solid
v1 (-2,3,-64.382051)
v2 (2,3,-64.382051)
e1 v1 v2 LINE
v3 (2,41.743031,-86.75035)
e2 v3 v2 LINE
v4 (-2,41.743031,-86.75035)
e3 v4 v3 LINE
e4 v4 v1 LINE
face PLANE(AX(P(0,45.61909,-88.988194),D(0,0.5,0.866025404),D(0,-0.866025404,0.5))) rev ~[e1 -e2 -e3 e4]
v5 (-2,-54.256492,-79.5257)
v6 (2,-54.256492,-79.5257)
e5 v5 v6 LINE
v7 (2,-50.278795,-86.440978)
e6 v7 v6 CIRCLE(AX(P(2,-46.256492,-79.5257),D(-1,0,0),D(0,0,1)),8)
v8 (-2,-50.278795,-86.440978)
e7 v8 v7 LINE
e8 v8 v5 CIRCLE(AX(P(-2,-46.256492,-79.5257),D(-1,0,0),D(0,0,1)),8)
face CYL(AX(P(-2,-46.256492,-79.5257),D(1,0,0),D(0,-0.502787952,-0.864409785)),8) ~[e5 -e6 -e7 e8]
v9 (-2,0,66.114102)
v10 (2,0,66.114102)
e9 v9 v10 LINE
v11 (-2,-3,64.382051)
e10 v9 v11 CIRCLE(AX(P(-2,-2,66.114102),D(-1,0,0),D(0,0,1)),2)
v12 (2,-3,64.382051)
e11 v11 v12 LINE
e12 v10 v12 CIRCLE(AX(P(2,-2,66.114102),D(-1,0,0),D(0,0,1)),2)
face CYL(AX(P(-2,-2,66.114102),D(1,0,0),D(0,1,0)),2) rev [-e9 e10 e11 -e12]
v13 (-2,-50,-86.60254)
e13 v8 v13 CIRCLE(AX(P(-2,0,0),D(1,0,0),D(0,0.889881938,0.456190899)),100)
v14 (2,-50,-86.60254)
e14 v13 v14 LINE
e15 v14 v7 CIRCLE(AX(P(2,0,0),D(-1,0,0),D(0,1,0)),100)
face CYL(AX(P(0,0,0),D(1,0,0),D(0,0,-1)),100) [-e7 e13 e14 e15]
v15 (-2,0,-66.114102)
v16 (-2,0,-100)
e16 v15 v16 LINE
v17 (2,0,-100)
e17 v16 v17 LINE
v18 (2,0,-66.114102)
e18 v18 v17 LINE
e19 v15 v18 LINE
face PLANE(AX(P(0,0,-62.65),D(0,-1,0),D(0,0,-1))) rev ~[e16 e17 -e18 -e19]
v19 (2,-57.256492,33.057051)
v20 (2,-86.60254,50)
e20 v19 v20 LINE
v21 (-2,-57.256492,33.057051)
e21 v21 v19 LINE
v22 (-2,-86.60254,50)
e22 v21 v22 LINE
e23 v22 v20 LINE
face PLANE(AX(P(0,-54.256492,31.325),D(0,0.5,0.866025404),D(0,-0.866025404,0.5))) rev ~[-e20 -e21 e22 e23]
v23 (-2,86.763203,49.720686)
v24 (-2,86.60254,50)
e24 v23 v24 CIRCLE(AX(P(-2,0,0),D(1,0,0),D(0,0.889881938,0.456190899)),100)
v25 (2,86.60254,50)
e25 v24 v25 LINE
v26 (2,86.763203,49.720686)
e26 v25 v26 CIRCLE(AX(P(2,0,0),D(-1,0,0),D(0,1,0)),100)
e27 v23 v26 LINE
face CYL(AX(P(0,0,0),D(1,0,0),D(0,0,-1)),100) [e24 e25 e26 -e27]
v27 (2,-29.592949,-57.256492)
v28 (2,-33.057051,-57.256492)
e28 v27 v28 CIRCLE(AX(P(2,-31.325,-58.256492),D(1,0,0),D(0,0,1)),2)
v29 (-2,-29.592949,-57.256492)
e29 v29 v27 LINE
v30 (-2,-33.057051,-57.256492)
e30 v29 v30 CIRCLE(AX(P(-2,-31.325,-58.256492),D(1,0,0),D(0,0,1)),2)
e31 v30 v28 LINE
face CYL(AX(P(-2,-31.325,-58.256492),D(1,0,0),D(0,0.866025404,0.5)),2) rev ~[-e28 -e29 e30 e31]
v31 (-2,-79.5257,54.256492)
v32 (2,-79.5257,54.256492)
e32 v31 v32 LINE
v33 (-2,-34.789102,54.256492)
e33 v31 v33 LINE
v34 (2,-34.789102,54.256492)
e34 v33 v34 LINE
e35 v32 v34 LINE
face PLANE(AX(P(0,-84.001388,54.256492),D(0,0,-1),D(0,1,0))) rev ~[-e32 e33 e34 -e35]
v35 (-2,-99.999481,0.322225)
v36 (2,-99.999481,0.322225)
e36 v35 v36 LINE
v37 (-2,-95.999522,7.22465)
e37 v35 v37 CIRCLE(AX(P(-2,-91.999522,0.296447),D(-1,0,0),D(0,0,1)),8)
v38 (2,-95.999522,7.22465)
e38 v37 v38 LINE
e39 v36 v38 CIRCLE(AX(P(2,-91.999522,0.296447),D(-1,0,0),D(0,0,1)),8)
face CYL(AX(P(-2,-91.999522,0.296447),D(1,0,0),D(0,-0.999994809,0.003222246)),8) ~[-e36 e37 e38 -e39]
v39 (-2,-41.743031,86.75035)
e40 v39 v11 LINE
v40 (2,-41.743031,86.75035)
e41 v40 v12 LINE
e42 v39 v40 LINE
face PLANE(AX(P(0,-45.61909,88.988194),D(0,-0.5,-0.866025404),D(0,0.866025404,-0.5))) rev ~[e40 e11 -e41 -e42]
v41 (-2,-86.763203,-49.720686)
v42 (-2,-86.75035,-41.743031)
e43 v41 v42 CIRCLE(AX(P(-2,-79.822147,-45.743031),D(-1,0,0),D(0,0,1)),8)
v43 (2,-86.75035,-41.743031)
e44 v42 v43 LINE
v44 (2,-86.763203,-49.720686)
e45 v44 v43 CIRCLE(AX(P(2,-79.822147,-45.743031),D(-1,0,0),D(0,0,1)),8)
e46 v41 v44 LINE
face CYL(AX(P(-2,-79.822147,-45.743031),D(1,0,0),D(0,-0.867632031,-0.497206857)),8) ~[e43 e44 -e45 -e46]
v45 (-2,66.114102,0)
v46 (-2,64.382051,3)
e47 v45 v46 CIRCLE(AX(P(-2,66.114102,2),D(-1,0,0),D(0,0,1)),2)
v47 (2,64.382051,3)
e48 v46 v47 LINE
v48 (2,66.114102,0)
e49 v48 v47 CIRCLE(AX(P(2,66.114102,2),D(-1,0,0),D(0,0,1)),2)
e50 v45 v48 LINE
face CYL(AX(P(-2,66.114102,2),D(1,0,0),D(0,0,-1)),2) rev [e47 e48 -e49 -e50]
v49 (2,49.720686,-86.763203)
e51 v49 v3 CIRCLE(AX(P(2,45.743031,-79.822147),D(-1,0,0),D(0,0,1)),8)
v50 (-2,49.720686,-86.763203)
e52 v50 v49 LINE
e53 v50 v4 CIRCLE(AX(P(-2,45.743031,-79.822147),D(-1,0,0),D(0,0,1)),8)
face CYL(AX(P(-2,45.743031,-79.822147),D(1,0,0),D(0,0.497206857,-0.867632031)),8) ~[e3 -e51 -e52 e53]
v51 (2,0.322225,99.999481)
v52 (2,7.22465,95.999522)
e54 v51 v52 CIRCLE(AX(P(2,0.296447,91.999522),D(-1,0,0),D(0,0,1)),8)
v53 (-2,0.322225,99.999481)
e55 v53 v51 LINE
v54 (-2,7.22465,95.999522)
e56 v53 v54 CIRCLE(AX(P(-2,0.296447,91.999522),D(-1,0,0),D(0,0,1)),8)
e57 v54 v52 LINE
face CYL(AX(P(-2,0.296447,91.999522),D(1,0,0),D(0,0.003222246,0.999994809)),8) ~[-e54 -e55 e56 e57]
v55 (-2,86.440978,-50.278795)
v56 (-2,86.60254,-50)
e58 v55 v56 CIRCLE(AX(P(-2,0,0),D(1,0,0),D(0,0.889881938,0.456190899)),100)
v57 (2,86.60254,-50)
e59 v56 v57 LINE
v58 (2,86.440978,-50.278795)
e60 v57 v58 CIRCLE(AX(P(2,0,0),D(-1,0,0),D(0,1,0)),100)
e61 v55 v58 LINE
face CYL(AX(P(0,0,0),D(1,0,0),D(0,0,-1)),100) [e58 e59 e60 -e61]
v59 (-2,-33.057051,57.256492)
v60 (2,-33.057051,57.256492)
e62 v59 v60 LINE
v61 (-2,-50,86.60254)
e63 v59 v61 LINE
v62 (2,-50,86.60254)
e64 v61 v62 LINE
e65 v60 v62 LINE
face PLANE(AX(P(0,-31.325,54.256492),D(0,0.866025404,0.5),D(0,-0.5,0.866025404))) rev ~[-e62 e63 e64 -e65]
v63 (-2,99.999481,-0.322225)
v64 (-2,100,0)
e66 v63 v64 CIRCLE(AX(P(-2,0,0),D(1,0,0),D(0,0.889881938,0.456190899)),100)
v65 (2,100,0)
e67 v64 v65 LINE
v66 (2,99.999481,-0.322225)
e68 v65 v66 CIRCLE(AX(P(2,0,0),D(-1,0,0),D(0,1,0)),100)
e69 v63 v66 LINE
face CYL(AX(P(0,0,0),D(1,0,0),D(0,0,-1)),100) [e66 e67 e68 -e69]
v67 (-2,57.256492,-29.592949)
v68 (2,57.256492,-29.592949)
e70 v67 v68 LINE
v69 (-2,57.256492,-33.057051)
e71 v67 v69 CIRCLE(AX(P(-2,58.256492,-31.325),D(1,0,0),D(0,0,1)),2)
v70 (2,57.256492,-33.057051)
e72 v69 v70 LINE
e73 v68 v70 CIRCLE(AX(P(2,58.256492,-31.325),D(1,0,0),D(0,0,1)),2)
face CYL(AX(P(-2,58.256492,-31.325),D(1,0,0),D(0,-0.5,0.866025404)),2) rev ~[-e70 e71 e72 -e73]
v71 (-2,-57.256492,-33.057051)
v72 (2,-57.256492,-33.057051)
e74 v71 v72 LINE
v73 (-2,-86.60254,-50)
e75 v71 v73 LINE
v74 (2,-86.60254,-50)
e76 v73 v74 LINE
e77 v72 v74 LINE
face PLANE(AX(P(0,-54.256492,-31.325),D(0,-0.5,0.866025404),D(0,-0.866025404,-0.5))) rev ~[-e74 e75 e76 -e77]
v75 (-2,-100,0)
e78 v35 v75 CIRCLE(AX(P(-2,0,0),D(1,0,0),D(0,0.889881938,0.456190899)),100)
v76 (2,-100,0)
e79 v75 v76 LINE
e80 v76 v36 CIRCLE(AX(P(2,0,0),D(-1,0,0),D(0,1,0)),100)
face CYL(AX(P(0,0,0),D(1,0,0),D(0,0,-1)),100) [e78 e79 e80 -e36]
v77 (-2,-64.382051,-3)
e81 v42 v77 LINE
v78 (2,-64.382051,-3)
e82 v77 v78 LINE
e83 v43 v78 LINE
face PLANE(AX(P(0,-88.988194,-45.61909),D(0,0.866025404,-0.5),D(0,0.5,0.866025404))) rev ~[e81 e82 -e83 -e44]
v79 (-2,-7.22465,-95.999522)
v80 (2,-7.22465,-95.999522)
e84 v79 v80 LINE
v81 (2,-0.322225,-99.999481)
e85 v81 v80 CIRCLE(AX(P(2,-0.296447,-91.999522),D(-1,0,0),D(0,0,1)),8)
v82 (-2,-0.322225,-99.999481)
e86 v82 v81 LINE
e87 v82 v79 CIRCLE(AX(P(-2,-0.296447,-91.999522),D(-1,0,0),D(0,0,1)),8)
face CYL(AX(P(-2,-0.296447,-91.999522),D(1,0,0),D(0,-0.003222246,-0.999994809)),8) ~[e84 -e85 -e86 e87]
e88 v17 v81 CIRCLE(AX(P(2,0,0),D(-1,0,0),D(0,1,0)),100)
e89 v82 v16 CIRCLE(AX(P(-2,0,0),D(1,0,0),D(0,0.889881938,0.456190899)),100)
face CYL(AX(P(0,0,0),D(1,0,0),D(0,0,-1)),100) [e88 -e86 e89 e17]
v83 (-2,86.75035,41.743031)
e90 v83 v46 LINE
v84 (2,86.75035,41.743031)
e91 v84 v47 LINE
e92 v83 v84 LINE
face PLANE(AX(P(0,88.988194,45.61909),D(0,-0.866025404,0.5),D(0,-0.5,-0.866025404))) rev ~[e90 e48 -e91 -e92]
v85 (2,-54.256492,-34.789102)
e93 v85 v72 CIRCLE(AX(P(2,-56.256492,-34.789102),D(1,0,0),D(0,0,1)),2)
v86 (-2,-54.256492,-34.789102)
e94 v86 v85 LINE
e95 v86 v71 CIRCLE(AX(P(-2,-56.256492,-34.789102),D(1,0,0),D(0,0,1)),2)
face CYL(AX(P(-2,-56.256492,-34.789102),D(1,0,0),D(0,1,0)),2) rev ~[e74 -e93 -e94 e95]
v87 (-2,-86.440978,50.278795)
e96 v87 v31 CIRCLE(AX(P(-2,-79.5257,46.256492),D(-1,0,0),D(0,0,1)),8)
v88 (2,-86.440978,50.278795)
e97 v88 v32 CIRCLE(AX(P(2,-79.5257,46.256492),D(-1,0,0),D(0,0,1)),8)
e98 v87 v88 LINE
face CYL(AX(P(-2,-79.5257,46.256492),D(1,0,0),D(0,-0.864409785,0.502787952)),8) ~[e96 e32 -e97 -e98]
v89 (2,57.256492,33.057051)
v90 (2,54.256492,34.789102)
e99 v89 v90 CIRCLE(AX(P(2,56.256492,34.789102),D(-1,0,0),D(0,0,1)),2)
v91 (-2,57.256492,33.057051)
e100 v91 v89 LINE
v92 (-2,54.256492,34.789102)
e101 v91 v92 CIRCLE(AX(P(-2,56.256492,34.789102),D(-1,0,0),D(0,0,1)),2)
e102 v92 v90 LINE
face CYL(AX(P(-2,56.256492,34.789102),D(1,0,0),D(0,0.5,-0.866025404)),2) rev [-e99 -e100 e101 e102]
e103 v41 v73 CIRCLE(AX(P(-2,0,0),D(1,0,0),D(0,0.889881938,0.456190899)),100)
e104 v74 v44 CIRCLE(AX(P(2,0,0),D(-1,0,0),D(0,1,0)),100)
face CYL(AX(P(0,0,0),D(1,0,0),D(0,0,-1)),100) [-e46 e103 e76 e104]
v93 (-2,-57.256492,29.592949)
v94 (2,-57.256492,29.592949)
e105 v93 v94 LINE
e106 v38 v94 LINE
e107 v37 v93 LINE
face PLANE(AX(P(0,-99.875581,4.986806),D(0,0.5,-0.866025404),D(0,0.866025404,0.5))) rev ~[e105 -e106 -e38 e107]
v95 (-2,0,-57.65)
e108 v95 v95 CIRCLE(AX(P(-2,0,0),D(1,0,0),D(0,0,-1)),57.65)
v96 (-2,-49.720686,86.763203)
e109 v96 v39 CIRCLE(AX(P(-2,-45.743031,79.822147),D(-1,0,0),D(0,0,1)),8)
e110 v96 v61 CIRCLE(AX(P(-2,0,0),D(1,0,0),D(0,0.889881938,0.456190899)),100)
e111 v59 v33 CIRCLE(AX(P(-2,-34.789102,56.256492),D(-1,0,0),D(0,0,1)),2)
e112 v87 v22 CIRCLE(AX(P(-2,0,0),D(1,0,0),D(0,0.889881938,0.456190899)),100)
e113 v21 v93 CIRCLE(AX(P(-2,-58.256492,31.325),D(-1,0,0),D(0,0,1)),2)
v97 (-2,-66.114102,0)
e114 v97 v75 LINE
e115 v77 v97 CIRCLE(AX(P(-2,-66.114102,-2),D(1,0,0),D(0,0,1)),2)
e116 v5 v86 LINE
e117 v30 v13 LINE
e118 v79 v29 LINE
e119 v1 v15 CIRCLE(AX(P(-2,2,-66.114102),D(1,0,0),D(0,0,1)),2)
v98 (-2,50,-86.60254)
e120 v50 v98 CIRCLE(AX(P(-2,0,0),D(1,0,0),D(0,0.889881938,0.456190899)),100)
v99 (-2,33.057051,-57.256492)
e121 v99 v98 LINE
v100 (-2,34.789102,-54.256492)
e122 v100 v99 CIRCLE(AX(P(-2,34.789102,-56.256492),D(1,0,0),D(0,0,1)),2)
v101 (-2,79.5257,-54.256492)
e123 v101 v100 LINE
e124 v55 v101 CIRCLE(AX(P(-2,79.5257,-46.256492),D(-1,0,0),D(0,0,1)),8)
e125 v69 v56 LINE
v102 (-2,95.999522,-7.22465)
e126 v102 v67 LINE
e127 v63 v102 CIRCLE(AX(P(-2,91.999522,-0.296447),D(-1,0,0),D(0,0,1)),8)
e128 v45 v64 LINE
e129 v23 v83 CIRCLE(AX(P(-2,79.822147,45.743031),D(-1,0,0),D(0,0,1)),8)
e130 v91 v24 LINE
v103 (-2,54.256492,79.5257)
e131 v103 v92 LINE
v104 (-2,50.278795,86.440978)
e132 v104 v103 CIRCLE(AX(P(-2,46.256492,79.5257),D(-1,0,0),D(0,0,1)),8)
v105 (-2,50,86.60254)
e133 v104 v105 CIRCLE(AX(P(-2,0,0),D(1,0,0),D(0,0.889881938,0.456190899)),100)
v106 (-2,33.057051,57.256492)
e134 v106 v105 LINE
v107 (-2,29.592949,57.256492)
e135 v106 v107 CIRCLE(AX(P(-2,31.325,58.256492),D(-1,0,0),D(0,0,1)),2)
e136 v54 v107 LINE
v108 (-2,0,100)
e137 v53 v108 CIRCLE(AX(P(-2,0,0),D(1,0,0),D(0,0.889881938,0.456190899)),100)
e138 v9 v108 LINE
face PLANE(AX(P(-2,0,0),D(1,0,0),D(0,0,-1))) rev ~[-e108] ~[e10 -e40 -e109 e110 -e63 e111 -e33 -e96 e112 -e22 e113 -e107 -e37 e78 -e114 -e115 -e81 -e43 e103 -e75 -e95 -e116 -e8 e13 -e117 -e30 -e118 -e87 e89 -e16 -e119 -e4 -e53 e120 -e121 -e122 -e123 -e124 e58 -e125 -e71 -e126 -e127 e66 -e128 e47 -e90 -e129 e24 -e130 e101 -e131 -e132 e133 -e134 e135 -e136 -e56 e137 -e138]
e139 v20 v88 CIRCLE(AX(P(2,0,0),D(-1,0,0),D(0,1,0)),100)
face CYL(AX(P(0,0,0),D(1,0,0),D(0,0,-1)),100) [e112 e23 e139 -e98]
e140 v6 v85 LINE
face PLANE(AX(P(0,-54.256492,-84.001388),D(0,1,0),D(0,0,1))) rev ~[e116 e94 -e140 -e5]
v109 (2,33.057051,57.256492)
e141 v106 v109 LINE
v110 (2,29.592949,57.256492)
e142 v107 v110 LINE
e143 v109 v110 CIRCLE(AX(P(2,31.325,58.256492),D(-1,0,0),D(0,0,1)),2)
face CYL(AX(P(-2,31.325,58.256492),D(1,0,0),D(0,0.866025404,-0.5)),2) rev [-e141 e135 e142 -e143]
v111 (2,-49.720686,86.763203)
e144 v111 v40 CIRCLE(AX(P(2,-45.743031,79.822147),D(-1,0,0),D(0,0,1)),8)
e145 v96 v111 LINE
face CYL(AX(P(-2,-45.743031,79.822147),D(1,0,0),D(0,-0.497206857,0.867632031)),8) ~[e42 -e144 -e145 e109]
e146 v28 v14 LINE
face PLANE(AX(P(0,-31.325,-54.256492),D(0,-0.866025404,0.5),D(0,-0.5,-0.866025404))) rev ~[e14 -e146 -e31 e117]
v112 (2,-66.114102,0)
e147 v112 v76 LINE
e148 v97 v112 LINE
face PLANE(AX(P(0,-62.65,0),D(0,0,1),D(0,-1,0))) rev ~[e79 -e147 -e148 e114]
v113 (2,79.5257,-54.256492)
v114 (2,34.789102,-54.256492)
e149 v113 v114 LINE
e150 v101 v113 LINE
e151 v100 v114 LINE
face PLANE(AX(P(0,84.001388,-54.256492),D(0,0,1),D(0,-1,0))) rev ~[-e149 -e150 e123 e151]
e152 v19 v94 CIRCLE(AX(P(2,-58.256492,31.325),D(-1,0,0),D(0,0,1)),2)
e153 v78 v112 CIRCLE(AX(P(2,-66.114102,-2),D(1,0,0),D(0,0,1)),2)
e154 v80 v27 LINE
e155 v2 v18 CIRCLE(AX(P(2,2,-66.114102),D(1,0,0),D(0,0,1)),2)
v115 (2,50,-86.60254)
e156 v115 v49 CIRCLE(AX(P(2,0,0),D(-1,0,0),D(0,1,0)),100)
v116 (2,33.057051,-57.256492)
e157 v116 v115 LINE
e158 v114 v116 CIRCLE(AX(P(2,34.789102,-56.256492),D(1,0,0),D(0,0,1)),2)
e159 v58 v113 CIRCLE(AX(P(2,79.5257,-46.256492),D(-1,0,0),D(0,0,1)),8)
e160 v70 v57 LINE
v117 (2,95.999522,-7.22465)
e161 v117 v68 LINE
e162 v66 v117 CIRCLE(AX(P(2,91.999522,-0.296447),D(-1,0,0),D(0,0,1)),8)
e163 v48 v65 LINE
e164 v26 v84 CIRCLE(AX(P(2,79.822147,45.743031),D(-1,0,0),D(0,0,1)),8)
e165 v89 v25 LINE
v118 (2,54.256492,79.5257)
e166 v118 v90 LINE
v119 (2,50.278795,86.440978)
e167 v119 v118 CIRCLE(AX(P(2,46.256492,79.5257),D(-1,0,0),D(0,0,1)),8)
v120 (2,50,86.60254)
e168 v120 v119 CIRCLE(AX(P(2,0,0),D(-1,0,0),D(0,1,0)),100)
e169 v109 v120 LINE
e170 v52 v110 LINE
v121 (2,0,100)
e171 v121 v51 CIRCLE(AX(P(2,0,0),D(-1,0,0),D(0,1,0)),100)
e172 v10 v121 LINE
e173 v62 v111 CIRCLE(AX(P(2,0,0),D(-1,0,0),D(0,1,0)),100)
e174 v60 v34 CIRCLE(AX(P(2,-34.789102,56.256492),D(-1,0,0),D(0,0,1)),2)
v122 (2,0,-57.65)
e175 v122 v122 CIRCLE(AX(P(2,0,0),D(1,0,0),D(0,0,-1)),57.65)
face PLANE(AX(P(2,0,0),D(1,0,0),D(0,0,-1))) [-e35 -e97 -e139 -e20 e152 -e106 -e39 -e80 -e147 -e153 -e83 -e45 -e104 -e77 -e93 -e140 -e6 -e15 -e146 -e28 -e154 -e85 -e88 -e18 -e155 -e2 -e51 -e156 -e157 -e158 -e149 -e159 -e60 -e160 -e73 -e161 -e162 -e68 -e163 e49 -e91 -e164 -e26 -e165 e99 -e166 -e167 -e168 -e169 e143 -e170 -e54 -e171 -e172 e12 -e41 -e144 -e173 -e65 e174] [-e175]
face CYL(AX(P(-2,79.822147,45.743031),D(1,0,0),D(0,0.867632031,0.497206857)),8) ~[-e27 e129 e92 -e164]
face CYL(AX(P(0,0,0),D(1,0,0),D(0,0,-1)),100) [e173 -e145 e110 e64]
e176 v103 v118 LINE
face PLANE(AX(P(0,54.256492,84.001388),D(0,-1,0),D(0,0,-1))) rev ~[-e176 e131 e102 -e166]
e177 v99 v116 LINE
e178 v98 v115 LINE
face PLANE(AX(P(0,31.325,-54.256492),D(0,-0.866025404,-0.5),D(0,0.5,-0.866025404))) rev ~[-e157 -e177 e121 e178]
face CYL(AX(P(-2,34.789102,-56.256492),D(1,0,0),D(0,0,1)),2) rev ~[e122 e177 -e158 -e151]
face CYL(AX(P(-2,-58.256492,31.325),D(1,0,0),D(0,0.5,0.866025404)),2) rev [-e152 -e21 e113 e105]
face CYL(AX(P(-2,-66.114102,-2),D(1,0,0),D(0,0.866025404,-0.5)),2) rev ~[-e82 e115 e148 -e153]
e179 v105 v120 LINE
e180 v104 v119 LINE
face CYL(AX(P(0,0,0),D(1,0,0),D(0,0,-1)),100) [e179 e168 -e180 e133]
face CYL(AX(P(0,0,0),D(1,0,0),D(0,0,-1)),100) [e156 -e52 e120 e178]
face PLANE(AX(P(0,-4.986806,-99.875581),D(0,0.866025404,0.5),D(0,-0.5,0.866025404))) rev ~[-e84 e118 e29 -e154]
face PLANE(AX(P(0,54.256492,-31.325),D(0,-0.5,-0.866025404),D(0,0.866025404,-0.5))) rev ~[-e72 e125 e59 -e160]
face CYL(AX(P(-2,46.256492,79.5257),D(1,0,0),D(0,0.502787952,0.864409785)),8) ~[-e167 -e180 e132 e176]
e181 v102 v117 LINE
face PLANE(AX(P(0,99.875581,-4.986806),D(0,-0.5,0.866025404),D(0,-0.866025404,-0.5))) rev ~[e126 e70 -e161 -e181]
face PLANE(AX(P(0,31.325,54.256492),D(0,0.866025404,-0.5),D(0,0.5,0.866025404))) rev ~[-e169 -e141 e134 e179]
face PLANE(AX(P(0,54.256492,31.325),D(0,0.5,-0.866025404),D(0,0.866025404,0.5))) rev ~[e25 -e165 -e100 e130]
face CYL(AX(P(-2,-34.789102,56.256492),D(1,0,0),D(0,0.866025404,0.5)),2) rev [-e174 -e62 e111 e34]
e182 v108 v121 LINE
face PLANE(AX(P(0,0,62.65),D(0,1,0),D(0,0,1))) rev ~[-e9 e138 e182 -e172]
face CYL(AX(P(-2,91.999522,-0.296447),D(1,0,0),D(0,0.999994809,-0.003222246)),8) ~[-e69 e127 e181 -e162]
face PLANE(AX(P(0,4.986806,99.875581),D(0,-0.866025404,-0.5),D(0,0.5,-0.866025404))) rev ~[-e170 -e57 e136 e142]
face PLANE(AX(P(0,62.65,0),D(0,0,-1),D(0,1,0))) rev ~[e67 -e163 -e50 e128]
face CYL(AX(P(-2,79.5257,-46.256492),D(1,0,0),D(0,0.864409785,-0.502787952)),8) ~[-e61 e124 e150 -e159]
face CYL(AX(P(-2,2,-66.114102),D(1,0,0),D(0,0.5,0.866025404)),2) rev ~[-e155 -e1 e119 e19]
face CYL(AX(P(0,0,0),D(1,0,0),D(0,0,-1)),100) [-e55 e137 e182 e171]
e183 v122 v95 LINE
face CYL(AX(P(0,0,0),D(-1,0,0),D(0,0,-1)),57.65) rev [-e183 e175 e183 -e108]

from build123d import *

# Parameters (mm, degrees)
ESQUISSE10_R                       = 100
ESQUISSE10_R_2                     = 57.65
BOSS_EXTRU_1_DEPTH                 = 2
ENL_V_MAT_EXTRU_3_DEPTH            = 3
CONG_3_R                           = 8
CONG_4_R                           = 2
R_P_TITION_CIRCULAIRE4_COUNT       = 12
CONG_3_OF_R_P_TITION_CIRCULAIRE4_R = 8
CONG_4_OF_R_P_TITION_CIRCULAIRE4_R = 2


with BuildPart() as part:
    # Esquisse10 → Boss.-Extru.1 (new body, symmetric)
    with BuildSketch(Plane(origin=(0, 0, 0), x_dir=(0, 0, -1), z_dir=(1, 0, 0))):
        Circle(ESQUISSE10_R)
        Circle(ESQUISSE10_R_2, mode=Mode.SUBTRACT)
    extrude(amount=BOSS_EXTRU_1_DEPTH, both=True)

    # Esquisse11 → Enlèv. mat.-Extru.3 (cut, symmetric)
    with BuildSketch(Plane(origin=(0, 0, 0), x_dir=(0, 0, -1), z_dir=(1, 0, 0))):
        Polygon((-467.515801905, 332.57037408), (-45.619089874, 88.988193819), (0, 62.65), (0, 100), (0, 587.164360523), (-465.974399707, 1442.842054211), (-933.490201612, 1188.248067768), align=None)
    enl_v_mat_extru_3 = extrude(amount=ENL_V_MAT_EXTRU_3_DEPTH, both=True, mode=Mode.SUBTRACT)

    # Congé3
    cong_3_edges = [part.edges().sort_by_distance(p)[0] for p in [
        (0, 88.988193819, 45.619089874),
    ]]
    fillet(cong_3_edges, radius=CONG_3_R)

    # Congé4
    cong_4_edges = [part.edges().sort_by_distance(p)[0] for p in [
        (0, 62.65, 0),
    ]]
    fillet(cong_4_edges, radius=CONG_4_R)

    # Répétition circulaire4: Enlèv. mat.-Extru.3 ×12 about axis
    r_p_tition_circulaire4_axis = Axis((0, 0, 0), (1, 0, 0))
    for i in range(1, R_P_TITION_CIRCULAIRE4_COUNT):
        add(enl_v_mat_extru_3.rotate(r_p_tition_circulaire4_axis, i * 360 / R_P_TITION_CIRCULAIRE4_COUNT), mode=Mode.SUBTRACT)

    # Congé3 of Répétition circulaire4
    cong_3_of_r_p_tition_circulaire4_edges = [part.edges().sort_by_distance(p)[0] for p in [
        (0, 54.256491547, 84.001387637),
        (0, 4.986806181, 99.875581421),
        (0, -45.619089874, 88.988193819),
        (0, -84.001387637, 54.256491547),
        (0, -99.875581421, 4.986806181),
        (0, -88.988193819, -45.619089874),
        (0, -54.256491547, -84.001387637),
        (0, -4.986806181, -99.875581421),
        (0, 45.619089874, -88.988193819),
        (0, 84.001387637, -54.256491547),
        (0, 99.875581421, -4.986806181),
    ]]
    fillet(cong_3_of_r_p_tition_circulaire4_edges, radius=CONG_3_OF_R_P_TITION_CIRCULAIRE4_R)

    # Congé4 of Répétition circulaire4
    cong_4_of_r_p_tition_circulaire4_edges = [part.edges().sort_by_distance(p)[0] for p in [
        (0, 54.256491547, 31.325),
        (0, 31.325, 54.256491547),
        (0, 0, 62.65),
        (0, -31.325, 54.256491547),
        (0, -54.256491547, 31.325),
        (0, -62.65, 0),
        (0, -54.256491547, -31.325),
        (0, -31.325, -54.256491547),
        (0, 0, -62.65),
        (0, 31.325, -54.256491547),
        (0, 54.256491547, -31.325),
    ]]
    fillet(cong_4_of_r_p_tition_circulaire4_edges, radius=CONG_4_OF_R_P_TITION_CIRCULAIRE4_R)


solid = part.part
